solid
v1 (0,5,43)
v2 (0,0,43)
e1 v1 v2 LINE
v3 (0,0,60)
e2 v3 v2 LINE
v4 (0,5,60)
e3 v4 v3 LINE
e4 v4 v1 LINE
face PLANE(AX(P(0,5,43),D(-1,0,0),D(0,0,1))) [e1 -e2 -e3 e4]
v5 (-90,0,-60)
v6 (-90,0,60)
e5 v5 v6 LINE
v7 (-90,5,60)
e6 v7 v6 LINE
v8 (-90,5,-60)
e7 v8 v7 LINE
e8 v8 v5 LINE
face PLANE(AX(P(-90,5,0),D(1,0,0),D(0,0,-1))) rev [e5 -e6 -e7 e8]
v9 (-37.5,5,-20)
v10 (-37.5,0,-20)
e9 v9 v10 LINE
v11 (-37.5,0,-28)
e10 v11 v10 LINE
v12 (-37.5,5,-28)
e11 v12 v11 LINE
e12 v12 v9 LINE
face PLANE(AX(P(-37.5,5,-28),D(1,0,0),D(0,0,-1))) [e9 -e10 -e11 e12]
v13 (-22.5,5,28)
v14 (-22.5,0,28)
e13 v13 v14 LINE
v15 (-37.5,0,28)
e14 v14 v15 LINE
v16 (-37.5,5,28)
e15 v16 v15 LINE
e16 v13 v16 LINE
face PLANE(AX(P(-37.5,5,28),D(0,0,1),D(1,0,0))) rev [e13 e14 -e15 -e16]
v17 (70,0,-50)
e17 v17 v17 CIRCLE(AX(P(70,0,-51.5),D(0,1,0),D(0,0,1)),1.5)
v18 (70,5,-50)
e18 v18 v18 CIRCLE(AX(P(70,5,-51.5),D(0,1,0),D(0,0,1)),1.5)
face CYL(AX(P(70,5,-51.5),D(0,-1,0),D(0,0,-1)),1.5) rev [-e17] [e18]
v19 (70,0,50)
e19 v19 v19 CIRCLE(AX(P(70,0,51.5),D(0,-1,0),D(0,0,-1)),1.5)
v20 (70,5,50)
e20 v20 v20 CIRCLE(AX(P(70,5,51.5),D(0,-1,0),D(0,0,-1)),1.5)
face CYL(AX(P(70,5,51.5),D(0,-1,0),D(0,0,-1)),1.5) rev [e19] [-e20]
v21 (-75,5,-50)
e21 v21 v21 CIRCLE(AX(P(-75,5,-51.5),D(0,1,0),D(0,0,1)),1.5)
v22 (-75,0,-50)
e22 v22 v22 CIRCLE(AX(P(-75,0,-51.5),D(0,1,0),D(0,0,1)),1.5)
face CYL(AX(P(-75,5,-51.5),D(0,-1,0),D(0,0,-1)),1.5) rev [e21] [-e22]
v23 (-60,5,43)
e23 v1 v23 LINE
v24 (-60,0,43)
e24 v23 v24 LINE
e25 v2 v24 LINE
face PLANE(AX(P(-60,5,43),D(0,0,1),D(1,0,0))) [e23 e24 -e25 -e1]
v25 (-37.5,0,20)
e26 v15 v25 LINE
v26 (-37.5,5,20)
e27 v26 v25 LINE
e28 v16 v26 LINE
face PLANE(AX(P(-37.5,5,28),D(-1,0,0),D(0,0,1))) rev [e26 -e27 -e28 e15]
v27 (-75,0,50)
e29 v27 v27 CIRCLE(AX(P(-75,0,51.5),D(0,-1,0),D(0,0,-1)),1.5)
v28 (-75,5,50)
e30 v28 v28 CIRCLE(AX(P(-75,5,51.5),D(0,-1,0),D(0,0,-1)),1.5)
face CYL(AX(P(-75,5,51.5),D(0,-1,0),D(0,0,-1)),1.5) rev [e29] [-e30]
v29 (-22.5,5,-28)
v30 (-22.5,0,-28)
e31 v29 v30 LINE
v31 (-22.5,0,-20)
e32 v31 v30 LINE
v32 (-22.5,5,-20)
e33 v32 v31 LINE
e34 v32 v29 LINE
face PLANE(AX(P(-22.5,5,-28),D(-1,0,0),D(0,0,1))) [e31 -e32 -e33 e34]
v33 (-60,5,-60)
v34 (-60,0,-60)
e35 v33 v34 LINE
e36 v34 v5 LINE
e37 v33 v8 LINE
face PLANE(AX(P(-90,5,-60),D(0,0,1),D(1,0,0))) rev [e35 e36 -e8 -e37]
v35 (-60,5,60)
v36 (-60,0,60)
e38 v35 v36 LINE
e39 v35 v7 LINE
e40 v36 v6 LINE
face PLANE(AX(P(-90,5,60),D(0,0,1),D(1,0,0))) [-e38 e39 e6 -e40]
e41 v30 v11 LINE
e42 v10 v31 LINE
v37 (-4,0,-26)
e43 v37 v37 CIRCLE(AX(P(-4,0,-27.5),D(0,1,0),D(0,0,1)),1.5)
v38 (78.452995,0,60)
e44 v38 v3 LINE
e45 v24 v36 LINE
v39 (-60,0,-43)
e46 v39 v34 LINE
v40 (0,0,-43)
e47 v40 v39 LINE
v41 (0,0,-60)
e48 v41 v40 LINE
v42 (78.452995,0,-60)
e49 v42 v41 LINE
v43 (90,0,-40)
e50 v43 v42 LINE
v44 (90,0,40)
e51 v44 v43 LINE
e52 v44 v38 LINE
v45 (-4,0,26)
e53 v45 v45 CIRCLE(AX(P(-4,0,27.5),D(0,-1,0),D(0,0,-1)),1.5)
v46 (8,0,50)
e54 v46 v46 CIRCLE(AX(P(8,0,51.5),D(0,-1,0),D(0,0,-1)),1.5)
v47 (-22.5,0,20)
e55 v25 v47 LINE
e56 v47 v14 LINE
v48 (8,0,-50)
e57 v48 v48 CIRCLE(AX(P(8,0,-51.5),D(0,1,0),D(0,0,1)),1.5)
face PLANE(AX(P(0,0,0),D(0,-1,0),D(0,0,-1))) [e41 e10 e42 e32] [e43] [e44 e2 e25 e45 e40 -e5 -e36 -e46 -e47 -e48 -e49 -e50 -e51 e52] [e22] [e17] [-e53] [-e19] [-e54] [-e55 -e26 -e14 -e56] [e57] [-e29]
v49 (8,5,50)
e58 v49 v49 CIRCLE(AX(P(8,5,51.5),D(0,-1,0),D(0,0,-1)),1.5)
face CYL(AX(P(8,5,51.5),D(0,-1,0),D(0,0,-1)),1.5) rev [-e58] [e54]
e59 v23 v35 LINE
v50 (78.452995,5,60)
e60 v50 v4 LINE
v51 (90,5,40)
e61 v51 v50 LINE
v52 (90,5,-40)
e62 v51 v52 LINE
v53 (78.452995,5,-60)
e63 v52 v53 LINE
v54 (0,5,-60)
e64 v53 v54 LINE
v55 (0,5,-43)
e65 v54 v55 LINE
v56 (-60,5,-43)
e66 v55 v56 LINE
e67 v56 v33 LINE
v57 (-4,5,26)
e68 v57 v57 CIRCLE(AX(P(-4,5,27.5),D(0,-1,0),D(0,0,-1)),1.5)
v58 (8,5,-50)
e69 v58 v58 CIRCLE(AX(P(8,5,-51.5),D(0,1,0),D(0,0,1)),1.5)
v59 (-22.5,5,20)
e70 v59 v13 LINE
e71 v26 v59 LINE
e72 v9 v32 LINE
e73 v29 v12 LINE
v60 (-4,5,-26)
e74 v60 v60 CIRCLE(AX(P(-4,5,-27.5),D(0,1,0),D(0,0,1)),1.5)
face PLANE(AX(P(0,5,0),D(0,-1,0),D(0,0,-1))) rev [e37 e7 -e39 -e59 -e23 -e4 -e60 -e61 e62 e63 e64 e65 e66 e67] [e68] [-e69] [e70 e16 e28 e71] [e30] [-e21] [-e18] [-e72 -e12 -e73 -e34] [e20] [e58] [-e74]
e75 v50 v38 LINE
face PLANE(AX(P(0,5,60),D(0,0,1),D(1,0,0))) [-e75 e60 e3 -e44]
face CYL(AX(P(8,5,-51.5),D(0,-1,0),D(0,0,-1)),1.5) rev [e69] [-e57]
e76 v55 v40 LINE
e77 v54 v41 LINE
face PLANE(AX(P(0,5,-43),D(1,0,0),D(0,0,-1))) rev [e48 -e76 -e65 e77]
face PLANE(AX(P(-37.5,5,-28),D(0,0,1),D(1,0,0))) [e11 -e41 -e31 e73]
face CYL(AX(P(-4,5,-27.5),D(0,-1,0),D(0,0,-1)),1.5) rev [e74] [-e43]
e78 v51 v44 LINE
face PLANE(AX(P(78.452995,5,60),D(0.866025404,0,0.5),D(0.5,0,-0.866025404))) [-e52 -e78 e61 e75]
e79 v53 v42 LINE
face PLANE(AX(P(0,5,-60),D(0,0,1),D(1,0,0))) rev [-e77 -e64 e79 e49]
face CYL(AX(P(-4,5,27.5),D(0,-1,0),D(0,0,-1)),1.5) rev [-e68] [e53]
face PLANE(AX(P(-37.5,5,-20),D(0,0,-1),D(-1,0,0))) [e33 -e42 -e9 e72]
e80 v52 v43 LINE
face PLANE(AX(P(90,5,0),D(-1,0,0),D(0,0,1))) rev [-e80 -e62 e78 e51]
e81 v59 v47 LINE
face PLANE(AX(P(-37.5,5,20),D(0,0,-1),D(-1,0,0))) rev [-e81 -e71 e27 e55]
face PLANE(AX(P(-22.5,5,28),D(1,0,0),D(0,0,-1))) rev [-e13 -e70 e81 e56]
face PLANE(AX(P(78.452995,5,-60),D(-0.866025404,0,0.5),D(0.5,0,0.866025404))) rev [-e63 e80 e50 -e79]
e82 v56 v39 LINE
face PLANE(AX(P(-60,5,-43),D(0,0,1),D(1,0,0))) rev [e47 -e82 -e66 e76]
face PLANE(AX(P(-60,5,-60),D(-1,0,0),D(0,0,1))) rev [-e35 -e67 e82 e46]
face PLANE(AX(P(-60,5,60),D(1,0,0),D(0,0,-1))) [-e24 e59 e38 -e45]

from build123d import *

# Parameters (mm, degrees)
ESQUISSE1_R        = 1.5
ESQUISSE1_W        = 15
ESQUISSE1_H        = 8
BOSS_EXTRU_1_DEPTH = 5


with BuildPart() as part:
    # Esquisse1 → Boss.-Extru.1 (new body)
    with BuildSketch(Plane(origin=(0, 0, 0), x_dir=(1, 0, 0), z_dir=(0, 1, 0))):
        Polygon((78.452994616, 60), (90, 40), (90, 0), (-90, 0), (-90, 60), (-60, 60), (-60, 43), (0, 43), (0, 60), align=None)
        with Locations(Location((-75, 51.5, 0), (0, 0, 270))):
            Circle(ESQUISSE1_R, mode=Mode.SUBTRACT)
        with Locations(Location((8, 51.5, 0), (0, 0, 270))):
            Circle(ESQUISSE1_R, mode=Mode.SUBTRACT)
        with Locations(Location((70, 51.5, 0), (0, 0, 270))):
            Circle(ESQUISSE1_R, mode=Mode.SUBTRACT)
        with Locations(Location((-4, 27.5, 0), (0, 0, 270))):
            Circle(ESQUISSE1_R, mode=Mode.SUBTRACT)
        with Locations((-30, 24)):
            Rectangle(ESQUISSE1_W, ESQUISSE1_H, mode=Mode.SUBTRACT)
    boss_extru_1 = extrude(amount=BOSS_EXTRU_1_DEPTH)

    # Symétrie1: Boss.-Extru.1 across plane
    add(boss_extru_1.mirror(Plane(origin=(-90, 5, 0), x_dir=(1, 0, 0), z_dir=(0, 0, -1))))


solid = part.part
